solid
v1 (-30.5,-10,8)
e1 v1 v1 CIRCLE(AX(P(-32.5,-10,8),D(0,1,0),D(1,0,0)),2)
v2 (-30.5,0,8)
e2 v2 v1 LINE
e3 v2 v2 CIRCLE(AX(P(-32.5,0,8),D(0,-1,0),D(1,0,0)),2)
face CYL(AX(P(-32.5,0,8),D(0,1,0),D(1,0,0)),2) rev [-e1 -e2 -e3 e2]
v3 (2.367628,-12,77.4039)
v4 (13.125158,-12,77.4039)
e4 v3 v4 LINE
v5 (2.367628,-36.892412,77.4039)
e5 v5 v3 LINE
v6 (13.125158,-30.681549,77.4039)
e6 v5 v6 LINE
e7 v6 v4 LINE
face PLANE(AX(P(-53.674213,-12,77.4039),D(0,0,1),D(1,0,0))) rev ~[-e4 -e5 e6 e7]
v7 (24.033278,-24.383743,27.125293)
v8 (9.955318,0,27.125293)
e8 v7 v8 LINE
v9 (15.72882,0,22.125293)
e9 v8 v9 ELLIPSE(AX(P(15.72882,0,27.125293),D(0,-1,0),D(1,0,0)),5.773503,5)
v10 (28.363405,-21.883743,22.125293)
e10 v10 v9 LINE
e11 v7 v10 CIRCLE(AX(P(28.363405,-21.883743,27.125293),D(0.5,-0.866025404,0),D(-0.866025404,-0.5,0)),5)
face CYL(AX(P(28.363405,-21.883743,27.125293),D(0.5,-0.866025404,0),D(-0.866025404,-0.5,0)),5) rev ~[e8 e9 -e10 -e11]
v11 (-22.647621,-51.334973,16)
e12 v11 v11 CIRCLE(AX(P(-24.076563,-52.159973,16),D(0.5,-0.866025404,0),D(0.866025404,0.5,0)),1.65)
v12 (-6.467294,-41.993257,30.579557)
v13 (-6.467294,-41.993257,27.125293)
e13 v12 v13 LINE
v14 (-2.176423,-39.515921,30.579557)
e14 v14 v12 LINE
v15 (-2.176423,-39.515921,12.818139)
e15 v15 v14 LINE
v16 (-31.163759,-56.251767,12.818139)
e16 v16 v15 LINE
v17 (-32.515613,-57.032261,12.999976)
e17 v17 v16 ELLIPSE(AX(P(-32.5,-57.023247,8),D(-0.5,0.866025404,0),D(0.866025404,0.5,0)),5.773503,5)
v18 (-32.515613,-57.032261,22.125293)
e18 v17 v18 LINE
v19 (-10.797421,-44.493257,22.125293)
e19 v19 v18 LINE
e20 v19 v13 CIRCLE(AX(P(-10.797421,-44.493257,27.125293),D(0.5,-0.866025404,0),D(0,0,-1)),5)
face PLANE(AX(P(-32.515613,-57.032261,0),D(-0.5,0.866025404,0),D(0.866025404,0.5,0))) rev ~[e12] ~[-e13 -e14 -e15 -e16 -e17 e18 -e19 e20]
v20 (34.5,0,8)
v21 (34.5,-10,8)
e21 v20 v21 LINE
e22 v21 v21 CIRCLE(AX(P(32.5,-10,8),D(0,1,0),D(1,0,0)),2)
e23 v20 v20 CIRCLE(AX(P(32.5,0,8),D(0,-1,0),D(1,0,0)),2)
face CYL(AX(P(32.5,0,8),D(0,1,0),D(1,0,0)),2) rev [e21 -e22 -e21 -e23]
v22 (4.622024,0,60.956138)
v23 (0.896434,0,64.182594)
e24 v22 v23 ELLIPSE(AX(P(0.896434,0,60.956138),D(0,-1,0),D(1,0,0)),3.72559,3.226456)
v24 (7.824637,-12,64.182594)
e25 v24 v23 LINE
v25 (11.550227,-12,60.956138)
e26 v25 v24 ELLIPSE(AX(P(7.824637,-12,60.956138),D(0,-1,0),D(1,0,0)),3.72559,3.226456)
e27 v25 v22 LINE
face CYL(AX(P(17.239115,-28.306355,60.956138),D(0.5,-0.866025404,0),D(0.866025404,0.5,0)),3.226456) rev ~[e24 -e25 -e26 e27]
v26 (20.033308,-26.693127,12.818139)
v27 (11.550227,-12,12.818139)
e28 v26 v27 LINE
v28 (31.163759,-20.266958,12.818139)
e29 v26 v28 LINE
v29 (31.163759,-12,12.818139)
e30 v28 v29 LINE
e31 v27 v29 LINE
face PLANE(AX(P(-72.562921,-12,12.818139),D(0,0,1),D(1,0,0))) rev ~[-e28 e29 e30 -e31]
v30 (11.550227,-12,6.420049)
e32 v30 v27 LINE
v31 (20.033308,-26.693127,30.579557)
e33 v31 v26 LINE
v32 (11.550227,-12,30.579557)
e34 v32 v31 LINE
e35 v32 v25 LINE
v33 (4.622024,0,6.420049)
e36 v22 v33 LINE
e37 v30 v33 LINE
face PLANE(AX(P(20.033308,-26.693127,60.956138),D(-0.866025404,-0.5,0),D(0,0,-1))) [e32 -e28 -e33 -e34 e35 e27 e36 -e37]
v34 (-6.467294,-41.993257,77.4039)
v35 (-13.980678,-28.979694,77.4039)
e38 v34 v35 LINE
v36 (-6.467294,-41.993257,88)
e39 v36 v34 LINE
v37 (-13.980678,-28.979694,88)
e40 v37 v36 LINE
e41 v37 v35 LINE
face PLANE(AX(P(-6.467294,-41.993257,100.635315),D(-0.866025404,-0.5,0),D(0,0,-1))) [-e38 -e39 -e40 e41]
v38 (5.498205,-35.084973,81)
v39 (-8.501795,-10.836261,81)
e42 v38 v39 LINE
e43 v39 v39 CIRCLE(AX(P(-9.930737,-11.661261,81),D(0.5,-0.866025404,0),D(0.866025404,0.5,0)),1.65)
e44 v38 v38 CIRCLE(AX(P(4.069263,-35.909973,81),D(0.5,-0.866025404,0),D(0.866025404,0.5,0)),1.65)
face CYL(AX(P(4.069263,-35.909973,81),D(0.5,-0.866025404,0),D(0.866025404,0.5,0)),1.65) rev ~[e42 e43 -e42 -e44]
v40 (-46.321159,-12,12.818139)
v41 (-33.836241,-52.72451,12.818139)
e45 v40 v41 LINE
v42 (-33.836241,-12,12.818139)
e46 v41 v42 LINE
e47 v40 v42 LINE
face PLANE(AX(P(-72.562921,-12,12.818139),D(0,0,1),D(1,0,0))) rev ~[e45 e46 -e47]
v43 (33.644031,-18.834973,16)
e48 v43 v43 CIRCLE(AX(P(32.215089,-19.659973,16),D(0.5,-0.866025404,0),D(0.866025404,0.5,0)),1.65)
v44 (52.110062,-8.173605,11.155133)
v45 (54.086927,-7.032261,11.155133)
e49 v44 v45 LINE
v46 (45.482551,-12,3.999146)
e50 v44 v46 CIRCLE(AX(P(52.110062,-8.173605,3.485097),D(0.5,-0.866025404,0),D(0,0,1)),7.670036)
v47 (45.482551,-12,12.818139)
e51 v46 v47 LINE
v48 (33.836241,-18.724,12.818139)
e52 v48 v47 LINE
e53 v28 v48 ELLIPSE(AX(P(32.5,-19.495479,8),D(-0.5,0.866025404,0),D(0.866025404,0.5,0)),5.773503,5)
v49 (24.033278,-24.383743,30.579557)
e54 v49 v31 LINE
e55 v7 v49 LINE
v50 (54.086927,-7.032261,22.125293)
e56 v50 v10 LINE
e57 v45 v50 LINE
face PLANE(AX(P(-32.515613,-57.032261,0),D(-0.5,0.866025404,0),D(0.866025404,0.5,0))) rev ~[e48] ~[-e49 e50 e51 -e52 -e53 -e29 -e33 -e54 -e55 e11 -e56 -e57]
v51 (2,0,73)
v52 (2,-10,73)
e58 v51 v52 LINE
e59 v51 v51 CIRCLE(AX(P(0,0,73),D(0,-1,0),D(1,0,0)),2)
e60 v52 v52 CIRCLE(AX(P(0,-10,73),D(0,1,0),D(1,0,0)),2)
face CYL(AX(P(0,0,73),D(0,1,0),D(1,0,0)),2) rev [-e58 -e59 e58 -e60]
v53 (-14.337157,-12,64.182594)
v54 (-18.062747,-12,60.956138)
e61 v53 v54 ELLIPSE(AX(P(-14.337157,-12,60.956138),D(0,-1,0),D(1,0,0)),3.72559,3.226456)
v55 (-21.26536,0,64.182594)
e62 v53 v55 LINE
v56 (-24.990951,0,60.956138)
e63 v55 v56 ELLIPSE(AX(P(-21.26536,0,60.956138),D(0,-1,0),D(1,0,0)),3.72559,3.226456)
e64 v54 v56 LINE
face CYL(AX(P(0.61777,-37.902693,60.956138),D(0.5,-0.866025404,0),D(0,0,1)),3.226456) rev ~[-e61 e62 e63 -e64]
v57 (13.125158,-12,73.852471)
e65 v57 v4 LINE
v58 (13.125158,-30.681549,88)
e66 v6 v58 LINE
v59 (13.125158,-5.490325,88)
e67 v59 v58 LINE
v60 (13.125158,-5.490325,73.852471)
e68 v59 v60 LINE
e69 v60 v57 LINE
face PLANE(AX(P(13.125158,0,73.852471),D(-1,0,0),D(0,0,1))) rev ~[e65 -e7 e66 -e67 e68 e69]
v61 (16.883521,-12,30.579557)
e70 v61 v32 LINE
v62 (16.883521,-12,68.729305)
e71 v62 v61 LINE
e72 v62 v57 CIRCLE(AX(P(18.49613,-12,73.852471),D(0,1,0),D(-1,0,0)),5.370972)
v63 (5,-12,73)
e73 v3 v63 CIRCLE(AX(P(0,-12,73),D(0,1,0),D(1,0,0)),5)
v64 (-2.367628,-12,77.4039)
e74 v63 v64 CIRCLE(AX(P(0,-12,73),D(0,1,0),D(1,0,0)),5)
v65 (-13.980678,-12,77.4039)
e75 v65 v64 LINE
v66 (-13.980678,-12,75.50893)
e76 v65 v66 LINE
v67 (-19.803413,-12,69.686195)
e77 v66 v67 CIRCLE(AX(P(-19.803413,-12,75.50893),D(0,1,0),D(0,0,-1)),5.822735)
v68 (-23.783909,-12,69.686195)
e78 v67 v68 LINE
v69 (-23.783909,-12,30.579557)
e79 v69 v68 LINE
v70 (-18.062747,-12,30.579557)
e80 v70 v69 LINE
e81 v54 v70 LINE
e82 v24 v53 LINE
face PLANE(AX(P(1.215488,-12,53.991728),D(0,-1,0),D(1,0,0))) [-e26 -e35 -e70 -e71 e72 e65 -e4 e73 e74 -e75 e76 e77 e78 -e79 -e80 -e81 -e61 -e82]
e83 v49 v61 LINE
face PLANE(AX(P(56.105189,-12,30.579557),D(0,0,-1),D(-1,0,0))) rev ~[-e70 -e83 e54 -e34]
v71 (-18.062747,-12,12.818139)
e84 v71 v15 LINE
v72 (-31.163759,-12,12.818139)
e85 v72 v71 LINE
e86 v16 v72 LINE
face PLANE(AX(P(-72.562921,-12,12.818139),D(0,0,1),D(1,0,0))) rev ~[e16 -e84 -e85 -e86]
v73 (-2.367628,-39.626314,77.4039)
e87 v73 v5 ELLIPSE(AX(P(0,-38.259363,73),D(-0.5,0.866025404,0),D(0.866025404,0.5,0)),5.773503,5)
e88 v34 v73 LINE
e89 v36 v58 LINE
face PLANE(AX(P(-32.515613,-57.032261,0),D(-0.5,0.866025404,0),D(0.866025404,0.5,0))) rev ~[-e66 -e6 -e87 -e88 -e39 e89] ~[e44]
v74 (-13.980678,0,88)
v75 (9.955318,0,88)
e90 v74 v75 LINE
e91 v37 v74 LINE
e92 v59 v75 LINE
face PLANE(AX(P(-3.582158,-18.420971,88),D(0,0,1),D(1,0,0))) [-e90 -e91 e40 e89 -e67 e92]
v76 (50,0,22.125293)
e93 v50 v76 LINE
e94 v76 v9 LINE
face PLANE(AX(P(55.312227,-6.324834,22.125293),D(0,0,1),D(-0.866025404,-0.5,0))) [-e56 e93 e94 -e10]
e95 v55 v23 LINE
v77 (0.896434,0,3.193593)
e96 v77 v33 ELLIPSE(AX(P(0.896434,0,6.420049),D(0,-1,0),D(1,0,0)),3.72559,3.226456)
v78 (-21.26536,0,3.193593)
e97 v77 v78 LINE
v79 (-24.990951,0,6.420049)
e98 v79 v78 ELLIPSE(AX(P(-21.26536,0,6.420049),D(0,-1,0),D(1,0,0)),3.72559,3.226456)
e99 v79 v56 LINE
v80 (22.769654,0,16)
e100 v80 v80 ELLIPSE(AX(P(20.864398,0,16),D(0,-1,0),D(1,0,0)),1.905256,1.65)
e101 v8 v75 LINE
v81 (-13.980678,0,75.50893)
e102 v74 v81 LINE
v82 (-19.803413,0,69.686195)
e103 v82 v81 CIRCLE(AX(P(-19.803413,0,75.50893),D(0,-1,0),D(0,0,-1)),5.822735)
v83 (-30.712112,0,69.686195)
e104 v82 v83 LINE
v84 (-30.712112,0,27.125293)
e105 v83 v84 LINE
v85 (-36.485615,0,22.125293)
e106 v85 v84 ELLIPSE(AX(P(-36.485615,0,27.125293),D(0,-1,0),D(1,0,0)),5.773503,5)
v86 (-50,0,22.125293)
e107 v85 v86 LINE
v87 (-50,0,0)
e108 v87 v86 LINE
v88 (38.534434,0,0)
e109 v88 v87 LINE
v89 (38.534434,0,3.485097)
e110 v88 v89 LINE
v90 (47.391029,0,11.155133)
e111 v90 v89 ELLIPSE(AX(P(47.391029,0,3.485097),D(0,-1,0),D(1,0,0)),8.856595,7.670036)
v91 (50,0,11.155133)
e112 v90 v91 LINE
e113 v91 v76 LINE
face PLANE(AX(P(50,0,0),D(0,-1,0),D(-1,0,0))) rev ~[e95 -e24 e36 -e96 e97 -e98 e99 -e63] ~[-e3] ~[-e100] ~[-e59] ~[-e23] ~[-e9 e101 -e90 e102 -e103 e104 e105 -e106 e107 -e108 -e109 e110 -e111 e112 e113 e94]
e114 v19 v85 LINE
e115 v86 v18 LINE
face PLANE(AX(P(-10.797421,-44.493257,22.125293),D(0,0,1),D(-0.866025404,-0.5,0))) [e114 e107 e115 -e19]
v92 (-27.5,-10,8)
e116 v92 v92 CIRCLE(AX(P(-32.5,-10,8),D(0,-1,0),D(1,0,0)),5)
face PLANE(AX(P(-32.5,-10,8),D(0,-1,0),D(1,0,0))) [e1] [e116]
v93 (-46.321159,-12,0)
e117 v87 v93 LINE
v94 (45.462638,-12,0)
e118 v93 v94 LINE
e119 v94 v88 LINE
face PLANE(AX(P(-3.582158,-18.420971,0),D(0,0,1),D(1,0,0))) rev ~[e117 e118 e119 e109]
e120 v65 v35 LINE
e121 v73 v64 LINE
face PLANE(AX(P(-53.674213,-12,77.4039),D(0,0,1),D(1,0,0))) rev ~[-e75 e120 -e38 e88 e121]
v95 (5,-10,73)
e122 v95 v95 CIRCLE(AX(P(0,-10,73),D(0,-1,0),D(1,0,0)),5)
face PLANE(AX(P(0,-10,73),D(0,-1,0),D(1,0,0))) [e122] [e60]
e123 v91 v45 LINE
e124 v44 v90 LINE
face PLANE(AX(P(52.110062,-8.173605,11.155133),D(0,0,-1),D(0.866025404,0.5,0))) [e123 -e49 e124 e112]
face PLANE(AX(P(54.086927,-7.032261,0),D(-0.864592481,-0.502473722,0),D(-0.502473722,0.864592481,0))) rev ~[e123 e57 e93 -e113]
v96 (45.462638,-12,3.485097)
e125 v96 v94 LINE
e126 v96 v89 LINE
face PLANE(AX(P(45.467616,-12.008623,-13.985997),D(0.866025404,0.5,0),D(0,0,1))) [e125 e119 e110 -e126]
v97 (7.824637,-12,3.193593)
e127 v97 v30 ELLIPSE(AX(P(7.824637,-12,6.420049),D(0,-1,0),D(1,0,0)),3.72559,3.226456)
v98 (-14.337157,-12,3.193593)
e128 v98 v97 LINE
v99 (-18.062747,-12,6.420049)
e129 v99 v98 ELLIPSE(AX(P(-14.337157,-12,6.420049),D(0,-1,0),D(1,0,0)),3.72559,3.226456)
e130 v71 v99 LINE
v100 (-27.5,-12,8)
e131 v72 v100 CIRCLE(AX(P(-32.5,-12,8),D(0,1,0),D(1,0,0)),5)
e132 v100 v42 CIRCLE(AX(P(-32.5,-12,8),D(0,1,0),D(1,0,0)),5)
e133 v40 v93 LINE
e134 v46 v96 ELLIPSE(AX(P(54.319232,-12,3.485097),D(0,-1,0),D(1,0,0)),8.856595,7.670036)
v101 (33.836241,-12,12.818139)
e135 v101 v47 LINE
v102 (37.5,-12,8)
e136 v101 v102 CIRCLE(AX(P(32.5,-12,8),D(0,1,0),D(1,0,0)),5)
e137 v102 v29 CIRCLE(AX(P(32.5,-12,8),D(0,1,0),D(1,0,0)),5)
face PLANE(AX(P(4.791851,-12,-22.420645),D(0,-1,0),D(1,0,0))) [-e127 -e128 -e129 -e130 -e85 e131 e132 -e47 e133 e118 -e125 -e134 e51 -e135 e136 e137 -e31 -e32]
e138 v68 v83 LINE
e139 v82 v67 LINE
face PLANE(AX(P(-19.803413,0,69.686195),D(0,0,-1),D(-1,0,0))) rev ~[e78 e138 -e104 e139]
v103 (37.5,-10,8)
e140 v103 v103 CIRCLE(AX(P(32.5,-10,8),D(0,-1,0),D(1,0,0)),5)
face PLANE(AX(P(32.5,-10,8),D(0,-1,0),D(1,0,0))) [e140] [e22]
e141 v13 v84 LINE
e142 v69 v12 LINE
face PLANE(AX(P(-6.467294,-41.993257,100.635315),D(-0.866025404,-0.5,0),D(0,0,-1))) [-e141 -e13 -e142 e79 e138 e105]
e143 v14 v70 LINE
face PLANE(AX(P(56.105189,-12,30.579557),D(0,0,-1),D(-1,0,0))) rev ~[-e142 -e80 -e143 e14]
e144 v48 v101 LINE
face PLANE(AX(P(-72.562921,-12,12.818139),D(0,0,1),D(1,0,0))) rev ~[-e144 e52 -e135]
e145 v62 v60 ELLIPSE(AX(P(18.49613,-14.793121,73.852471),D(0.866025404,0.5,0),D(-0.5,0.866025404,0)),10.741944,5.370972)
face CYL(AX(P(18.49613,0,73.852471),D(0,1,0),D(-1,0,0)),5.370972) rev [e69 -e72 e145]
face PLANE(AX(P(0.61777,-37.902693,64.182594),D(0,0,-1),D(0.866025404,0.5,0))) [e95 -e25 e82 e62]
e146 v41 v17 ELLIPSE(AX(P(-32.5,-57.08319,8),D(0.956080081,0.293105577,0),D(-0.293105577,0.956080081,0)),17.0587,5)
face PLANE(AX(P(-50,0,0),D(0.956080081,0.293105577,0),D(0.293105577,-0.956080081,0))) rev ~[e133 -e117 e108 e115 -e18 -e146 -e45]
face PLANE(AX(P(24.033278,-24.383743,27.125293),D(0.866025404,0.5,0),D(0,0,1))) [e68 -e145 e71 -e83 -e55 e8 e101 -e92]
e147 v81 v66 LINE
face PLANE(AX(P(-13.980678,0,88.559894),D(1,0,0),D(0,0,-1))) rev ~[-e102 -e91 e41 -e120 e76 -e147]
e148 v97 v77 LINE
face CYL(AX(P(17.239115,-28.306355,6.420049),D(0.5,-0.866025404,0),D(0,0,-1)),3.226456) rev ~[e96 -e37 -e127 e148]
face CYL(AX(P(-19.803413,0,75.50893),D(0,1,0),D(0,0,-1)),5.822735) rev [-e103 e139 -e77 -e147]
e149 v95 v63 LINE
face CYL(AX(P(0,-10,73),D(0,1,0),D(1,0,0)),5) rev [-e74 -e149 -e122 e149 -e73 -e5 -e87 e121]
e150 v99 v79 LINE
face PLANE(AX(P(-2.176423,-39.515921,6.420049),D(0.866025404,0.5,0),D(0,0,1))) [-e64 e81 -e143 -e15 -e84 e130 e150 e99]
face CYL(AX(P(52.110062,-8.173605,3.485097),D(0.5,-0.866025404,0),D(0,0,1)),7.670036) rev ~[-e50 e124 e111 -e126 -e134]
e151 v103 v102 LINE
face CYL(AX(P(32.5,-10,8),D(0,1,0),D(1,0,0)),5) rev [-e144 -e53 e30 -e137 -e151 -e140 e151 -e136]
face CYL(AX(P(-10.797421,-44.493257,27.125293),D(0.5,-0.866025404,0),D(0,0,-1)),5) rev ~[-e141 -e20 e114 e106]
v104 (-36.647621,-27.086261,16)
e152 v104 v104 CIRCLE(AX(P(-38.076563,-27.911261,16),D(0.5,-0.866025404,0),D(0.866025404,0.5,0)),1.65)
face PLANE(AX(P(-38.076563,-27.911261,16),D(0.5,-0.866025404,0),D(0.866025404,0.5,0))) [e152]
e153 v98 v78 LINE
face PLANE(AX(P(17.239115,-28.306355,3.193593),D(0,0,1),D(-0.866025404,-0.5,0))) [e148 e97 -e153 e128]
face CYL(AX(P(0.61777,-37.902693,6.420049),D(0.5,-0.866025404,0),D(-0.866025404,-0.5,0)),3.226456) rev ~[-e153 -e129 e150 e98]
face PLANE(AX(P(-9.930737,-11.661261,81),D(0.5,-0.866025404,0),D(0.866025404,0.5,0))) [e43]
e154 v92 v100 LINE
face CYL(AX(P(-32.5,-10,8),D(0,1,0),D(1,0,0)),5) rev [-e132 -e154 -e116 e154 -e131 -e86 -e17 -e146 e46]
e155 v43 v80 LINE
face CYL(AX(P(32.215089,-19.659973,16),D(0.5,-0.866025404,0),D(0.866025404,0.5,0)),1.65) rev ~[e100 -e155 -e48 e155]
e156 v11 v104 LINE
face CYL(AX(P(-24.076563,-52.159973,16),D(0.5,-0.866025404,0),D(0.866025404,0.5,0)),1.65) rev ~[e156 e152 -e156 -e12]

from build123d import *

# Parameters (mm, degrees)
PAD_DEPTH         = 88
SKETCH001_R       = 2
POCKET_DEPTH      = 0.001
POCKET_DEPTH_BACK = 57.033261
SKETCH002_R       = 5
POCKET001_DEPTH   = 47.033261
SKETCH003_R       = 1.65
POCKET002_DEPTH   = 28
POCKET003_DEPTH   = 58.134580172
POCKET004_DEPTH   = 45.033261


with BuildPart() as part:
    # Sketch → Pad (new body)
    with BuildSketch(Plane.XY):
        Polygon((0, 0), (-50, 0), (-32.5156133784, -57.032261), (54.086927, -7.032261), (50, 0), align=None)
    extrude(amount=PAD_DEPTH)

    # Sketch001 → Pocket (cut, two sides)
    with BuildSketch(Plane.XZ) as pocket_sk:
        with Locations((-32.5, 8)):
            Circle(SKETCH001_R)
        with Locations((32.5, 8)):
            Circle(SKETCH001_R)
        with Locations((0, 73)):
            Circle(SKETCH001_R)
        with BuildLine():
            ThreePointArc((-31.448877, 94.382629), (-35.5661724156, 92.6771893986), (-37.2716120171, 88.5598939829))
            Line((-37.2716120171, 75.5089300171), (-37.2716120171, 88.5598939829))
            ThreePointArc((-37.2716120171, 75.5089300171), (-35.5661724156, 71.3916346014), (-31.448877, 69.686195))
            Line((-19.8034130171, 69.686195), (-31.448877, 69.686195))
            ThreePointArc((-19.8034130171, 69.686195), (-15.6861176014, 71.3916346014), (-13.980678, 75.5089300171))
            Line((-13.980678, 88.5598939829), (-13.980678, 75.5089300171))
            ThreePointArc((-13.980678, 88.5598939829), (-15.6861176014, 92.6771893986), (-19.8034130171, 94.382629))
            Line((-31.448877, 94.382629), (-19.8034130171, 94.382629))
        make_face()
        with BuildLine():
            ThreePointArc((18.49613, 98.398308), (14.6982792772, 96.8251867228), (13.125158, 93.027336))
            Line((13.125158, 73.852471), (13.125158, 93.027336))
            ThreePointArc((13.125158, 73.852471), (14.6982792772, 70.0546202772), (18.49613, 68.481499))
            Line((29.238075, 68.481499), (18.49613, 68.481499))
            ThreePointArc((29.238075, 68.481499), (33.0359257228, 70.0546202772), (34.609047, 73.852471))
            Line((34.609047, 93.027336), (34.609047, 73.852471))
            ThreePointArc((34.609047, 93.027336), (33.0359257228, 96.8251867228), (29.238075, 98.398308))
            Line((18.49613, 98.398308), (29.238075, 98.398308))
        make_face()
    extrude(amount=-POCKET_DEPTH, mode=Mode.SUBTRACT)
    extrude(pocket_sk.sketch, amount=POCKET_DEPTH_BACK, mode=Mode.SUBTRACT)

    # Sketch002 → Pocket001 (cut, through all)
    with BuildSketch(Plane.XZ.offset(10)):
        with Locations((-32.5, 8)):
            Circle(SKETCH002_R)
        with Locations((32.5, 8)):
            Circle(SKETCH002_R)
        with Locations((0, 73)):
            Circle(SKETCH002_R)
    extrude(amount=POCKET001_DEPTH, mode=Mode.SUBTRACT)

    # Sketch003 (on Face2 of Pocket001) → Pocket002 (cut)
    with BuildSketch(Plane(origin=(16.566790086, -28.6945221473, 0), x_dir=(0.8660254038, 0.5, 0), z_dir=(0.5, -0.8660254038, 0))):
        with Locations((18.0690987246, 16)):
            Circle(SKETCH003_R)
        with Locations((-46.9309012754, 16)):
            Circle(SKETCH003_R)
        with Locations((-14.4309012754, 81)):
            Circle(SKETCH003_R)
    extrude(amount=-POCKET002_DEPTH, mode=Mode.SUBTRACT)

    # Sketch004 (on Face2 of Pocket002) → Pocket003 (cut, through all)
    with BuildSketch(Plane(origin=(16.566790086, -28.6945221473, 0), x_dir=(0.8660254038, 0.5, 0), z_dir=(0.5, -0.8660254038, 0))):
        with BuildLine():
            ThreePointArc((13.6215579788, 99.375281956), (10.0860240728, 97.9108158619), (8.6215579788, 94.375281956))
            Line((8.6215579788, 27.1252926568), (8.6215579788, 94.375281956))
            ThreePointArc((8.6215579788, 27.1252926568), (10.0860240728, 23.5897587509), (13.6215579788, 22.1252926568))
            Line((44.7393771197, 22.1252926568), (13.6215579788, 22.1252926568))
            ThreePointArc((44.7393771197, 22.1252926568), (48.2749110256, 23.5897587509), (49.7393771197, 27.1252926568))
            Line((49.7393771197, 94.375281956), (49.7393771197, 27.1252926568))
            ThreePointArc((49.7393771197, 94.375281956), (48.2749110256, 97.9108158619), (44.7393771197, 99.375281956))
            Line((13.6215579788, 99.375281956), (44.7393771197, 99.375281956))
        make_face()
        with BuildLine():
            ThreePointArc((-82.3406850147, 105.6353147348), (-85.8762189206, 104.1708486408), (-87.3406850147, 100.6353147348))
            Line((-87.3406850147, 27.1252928143), (-87.3406850147, 100.6353147348))
            ThreePointArc((-87.3406850147, 27.1252928143), (-85.8762189206, 23.5897589083), (-82.3406850147, 22.1252928143))
            Line((-31.5974694977, 22.1252928143), (-82.3406850147, 22.1252928143))
            ThreePointArc((-31.5974694977, 22.1252928143), (-28.0619355917, 23.5897589083), (-26.5974694977, 27.1252928143))
            Line((-26.5974694977, 100.6353147348), (-26.5974694977, 27.1252928143))
            ThreePointArc((-26.5974694977, 100.6353147348), (-28.0619355917, 104.1708486408), (-31.5974694977, 105.6353147348))
            Line((-82.3406850147, 105.6353147348), (-31.5974694977, 105.6353147348))
        make_face()
        with BuildLine():
            ThreePointArc((-18.4163422765, 64.182594), (-20.6977909978, 63.2375869978), (-21.642798, 60.9561382765))
            Line((-21.642798, 6.4200485882), (-21.642798, 60.9561382765))
            ThreePointArc((-21.642798, 6.4200485882), (-20.6977909978, 4.1385998669), (-18.4163422765, 3.1935928646))
            Line((0.7763344118, 3.1935928646), (-18.4163422765, 3.1935928646))
            ThreePointArc((0.7763344118, 3.1935928646), (3.0577831331, 4.1385998669), (4.0027901354, 6.4200485882))
            Line((4.0027901354, 60.9561382765), (4.0027901354, 6.4200485882))
            ThreePointArc((4.0027901354, 60.9561382765), (3.0577831331, 63.2375869978), (0.7763344118, 64.182594))
            Line((-18.4163422765, 64.182594), (0.7763344118, 64.182594))
        make_face()
        with BuildLine():
            ThreePointArc((33.371799, -13.9859969869), (35.6183005855, -19.4095315824), (41.041835181, -21.6560331679))
            Line((57.2190858452, -21.6560331679), (41.041835181, -21.6560331679))
            ThreePointArc((57.2190858452, -21.6560331679), (62.6426204407, -19.4095315824), (64.8891220262, -13.9859969869))
            Line((64.8891220262, 3.485097), (64.8891220262, -13.9859969869))
            ThreePointArc((64.8891220262, 3.485097), (62.6426204407, 8.9086315955), (57.2190858452, 11.155133181))
            Line((41.041835181, 11.155133181), (57.2190858452, 11.155133181))
            ThreePointArc((41.041835181, 11.155133181), (35.6183005855, 8.9086315955), (33.371799, 3.485097))
            Line((33.371799, -13.9859969869), (33.371799, 3.485097))
        make_face()
    extrude(amount=-POCKET003_DEPTH, mode=Mode.SUBTRACT)

    # Sketch005 → Pocket004 (cut, through all)
    with BuildSketch(Plane.XZ.offset(12)):
        with BuildLine():
            ThreePointArc((-72.562921396, 12.818138604), (-85.0985797487, 7.625698901), (-90.2910194516, -4.9099594516))
            Line((-90.2910194516, -39.9313305758), (-90.2910194516, -4.9099594516))
            ThreePointArc((-90.2910194516, -39.9313305758), (-85.0985797487, -52.4669889284), (-72.562921396, -57.6594286314))
            Line((82.146623396, -57.6594286314), (-72.562921396, -57.6594286314))
            ThreePointArc((82.146623396, -57.6594286314), (94.6822817487, -52.4669889284), (99.8747214516, -39.9313305758))
            Line((99.8747214516, -4.9099594516), (99.8747214516, -39.9313305758))
            ThreePointArc((99.8747214516, -4.9099594516), (94.6822817487, 7.625698901), (82.146623396, 12.818138604))
            Line((-72.562921396, 12.818138604), (82.146623396, 12.818138604))
        make_face()
        with BuildLine():
            ThreePointArc((-53.674213, 77.4039000645), (-62.7743204587, 73.6345121361), (-66.5437083871, 64.5344046774))
            Line((-66.5437083871, 43.4490521935), (-66.5437083871, 64.5344046774))
            ThreePointArc((-66.5437083871, 43.4490521935), (-62.7743204587, 34.3489447349), (-53.674213, 30.5795568065))
            Line((56.105189, 30.5795568065), (-53.674213, 30.5795568065))
            ThreePointArc((56.105189, 30.5795568065), (65.2052964587, 34.3489447349), (68.9746843871, 43.4490521935))
            Line((68.9746843871, 64.5344046774), (68.9746843871, 43.4490521935))
            ThreePointArc((68.9746843871, 64.5344046774), (65.2052964587, 73.6345121361), (56.105189, 77.4039000645))
            Line((-53.674213, 77.4039000645), (56.105189, 77.4039000645))
        make_face()
    extrude(amount=POCKET004_DEPTH, mode=Mode.SUBTRACT)


solid = part.part
